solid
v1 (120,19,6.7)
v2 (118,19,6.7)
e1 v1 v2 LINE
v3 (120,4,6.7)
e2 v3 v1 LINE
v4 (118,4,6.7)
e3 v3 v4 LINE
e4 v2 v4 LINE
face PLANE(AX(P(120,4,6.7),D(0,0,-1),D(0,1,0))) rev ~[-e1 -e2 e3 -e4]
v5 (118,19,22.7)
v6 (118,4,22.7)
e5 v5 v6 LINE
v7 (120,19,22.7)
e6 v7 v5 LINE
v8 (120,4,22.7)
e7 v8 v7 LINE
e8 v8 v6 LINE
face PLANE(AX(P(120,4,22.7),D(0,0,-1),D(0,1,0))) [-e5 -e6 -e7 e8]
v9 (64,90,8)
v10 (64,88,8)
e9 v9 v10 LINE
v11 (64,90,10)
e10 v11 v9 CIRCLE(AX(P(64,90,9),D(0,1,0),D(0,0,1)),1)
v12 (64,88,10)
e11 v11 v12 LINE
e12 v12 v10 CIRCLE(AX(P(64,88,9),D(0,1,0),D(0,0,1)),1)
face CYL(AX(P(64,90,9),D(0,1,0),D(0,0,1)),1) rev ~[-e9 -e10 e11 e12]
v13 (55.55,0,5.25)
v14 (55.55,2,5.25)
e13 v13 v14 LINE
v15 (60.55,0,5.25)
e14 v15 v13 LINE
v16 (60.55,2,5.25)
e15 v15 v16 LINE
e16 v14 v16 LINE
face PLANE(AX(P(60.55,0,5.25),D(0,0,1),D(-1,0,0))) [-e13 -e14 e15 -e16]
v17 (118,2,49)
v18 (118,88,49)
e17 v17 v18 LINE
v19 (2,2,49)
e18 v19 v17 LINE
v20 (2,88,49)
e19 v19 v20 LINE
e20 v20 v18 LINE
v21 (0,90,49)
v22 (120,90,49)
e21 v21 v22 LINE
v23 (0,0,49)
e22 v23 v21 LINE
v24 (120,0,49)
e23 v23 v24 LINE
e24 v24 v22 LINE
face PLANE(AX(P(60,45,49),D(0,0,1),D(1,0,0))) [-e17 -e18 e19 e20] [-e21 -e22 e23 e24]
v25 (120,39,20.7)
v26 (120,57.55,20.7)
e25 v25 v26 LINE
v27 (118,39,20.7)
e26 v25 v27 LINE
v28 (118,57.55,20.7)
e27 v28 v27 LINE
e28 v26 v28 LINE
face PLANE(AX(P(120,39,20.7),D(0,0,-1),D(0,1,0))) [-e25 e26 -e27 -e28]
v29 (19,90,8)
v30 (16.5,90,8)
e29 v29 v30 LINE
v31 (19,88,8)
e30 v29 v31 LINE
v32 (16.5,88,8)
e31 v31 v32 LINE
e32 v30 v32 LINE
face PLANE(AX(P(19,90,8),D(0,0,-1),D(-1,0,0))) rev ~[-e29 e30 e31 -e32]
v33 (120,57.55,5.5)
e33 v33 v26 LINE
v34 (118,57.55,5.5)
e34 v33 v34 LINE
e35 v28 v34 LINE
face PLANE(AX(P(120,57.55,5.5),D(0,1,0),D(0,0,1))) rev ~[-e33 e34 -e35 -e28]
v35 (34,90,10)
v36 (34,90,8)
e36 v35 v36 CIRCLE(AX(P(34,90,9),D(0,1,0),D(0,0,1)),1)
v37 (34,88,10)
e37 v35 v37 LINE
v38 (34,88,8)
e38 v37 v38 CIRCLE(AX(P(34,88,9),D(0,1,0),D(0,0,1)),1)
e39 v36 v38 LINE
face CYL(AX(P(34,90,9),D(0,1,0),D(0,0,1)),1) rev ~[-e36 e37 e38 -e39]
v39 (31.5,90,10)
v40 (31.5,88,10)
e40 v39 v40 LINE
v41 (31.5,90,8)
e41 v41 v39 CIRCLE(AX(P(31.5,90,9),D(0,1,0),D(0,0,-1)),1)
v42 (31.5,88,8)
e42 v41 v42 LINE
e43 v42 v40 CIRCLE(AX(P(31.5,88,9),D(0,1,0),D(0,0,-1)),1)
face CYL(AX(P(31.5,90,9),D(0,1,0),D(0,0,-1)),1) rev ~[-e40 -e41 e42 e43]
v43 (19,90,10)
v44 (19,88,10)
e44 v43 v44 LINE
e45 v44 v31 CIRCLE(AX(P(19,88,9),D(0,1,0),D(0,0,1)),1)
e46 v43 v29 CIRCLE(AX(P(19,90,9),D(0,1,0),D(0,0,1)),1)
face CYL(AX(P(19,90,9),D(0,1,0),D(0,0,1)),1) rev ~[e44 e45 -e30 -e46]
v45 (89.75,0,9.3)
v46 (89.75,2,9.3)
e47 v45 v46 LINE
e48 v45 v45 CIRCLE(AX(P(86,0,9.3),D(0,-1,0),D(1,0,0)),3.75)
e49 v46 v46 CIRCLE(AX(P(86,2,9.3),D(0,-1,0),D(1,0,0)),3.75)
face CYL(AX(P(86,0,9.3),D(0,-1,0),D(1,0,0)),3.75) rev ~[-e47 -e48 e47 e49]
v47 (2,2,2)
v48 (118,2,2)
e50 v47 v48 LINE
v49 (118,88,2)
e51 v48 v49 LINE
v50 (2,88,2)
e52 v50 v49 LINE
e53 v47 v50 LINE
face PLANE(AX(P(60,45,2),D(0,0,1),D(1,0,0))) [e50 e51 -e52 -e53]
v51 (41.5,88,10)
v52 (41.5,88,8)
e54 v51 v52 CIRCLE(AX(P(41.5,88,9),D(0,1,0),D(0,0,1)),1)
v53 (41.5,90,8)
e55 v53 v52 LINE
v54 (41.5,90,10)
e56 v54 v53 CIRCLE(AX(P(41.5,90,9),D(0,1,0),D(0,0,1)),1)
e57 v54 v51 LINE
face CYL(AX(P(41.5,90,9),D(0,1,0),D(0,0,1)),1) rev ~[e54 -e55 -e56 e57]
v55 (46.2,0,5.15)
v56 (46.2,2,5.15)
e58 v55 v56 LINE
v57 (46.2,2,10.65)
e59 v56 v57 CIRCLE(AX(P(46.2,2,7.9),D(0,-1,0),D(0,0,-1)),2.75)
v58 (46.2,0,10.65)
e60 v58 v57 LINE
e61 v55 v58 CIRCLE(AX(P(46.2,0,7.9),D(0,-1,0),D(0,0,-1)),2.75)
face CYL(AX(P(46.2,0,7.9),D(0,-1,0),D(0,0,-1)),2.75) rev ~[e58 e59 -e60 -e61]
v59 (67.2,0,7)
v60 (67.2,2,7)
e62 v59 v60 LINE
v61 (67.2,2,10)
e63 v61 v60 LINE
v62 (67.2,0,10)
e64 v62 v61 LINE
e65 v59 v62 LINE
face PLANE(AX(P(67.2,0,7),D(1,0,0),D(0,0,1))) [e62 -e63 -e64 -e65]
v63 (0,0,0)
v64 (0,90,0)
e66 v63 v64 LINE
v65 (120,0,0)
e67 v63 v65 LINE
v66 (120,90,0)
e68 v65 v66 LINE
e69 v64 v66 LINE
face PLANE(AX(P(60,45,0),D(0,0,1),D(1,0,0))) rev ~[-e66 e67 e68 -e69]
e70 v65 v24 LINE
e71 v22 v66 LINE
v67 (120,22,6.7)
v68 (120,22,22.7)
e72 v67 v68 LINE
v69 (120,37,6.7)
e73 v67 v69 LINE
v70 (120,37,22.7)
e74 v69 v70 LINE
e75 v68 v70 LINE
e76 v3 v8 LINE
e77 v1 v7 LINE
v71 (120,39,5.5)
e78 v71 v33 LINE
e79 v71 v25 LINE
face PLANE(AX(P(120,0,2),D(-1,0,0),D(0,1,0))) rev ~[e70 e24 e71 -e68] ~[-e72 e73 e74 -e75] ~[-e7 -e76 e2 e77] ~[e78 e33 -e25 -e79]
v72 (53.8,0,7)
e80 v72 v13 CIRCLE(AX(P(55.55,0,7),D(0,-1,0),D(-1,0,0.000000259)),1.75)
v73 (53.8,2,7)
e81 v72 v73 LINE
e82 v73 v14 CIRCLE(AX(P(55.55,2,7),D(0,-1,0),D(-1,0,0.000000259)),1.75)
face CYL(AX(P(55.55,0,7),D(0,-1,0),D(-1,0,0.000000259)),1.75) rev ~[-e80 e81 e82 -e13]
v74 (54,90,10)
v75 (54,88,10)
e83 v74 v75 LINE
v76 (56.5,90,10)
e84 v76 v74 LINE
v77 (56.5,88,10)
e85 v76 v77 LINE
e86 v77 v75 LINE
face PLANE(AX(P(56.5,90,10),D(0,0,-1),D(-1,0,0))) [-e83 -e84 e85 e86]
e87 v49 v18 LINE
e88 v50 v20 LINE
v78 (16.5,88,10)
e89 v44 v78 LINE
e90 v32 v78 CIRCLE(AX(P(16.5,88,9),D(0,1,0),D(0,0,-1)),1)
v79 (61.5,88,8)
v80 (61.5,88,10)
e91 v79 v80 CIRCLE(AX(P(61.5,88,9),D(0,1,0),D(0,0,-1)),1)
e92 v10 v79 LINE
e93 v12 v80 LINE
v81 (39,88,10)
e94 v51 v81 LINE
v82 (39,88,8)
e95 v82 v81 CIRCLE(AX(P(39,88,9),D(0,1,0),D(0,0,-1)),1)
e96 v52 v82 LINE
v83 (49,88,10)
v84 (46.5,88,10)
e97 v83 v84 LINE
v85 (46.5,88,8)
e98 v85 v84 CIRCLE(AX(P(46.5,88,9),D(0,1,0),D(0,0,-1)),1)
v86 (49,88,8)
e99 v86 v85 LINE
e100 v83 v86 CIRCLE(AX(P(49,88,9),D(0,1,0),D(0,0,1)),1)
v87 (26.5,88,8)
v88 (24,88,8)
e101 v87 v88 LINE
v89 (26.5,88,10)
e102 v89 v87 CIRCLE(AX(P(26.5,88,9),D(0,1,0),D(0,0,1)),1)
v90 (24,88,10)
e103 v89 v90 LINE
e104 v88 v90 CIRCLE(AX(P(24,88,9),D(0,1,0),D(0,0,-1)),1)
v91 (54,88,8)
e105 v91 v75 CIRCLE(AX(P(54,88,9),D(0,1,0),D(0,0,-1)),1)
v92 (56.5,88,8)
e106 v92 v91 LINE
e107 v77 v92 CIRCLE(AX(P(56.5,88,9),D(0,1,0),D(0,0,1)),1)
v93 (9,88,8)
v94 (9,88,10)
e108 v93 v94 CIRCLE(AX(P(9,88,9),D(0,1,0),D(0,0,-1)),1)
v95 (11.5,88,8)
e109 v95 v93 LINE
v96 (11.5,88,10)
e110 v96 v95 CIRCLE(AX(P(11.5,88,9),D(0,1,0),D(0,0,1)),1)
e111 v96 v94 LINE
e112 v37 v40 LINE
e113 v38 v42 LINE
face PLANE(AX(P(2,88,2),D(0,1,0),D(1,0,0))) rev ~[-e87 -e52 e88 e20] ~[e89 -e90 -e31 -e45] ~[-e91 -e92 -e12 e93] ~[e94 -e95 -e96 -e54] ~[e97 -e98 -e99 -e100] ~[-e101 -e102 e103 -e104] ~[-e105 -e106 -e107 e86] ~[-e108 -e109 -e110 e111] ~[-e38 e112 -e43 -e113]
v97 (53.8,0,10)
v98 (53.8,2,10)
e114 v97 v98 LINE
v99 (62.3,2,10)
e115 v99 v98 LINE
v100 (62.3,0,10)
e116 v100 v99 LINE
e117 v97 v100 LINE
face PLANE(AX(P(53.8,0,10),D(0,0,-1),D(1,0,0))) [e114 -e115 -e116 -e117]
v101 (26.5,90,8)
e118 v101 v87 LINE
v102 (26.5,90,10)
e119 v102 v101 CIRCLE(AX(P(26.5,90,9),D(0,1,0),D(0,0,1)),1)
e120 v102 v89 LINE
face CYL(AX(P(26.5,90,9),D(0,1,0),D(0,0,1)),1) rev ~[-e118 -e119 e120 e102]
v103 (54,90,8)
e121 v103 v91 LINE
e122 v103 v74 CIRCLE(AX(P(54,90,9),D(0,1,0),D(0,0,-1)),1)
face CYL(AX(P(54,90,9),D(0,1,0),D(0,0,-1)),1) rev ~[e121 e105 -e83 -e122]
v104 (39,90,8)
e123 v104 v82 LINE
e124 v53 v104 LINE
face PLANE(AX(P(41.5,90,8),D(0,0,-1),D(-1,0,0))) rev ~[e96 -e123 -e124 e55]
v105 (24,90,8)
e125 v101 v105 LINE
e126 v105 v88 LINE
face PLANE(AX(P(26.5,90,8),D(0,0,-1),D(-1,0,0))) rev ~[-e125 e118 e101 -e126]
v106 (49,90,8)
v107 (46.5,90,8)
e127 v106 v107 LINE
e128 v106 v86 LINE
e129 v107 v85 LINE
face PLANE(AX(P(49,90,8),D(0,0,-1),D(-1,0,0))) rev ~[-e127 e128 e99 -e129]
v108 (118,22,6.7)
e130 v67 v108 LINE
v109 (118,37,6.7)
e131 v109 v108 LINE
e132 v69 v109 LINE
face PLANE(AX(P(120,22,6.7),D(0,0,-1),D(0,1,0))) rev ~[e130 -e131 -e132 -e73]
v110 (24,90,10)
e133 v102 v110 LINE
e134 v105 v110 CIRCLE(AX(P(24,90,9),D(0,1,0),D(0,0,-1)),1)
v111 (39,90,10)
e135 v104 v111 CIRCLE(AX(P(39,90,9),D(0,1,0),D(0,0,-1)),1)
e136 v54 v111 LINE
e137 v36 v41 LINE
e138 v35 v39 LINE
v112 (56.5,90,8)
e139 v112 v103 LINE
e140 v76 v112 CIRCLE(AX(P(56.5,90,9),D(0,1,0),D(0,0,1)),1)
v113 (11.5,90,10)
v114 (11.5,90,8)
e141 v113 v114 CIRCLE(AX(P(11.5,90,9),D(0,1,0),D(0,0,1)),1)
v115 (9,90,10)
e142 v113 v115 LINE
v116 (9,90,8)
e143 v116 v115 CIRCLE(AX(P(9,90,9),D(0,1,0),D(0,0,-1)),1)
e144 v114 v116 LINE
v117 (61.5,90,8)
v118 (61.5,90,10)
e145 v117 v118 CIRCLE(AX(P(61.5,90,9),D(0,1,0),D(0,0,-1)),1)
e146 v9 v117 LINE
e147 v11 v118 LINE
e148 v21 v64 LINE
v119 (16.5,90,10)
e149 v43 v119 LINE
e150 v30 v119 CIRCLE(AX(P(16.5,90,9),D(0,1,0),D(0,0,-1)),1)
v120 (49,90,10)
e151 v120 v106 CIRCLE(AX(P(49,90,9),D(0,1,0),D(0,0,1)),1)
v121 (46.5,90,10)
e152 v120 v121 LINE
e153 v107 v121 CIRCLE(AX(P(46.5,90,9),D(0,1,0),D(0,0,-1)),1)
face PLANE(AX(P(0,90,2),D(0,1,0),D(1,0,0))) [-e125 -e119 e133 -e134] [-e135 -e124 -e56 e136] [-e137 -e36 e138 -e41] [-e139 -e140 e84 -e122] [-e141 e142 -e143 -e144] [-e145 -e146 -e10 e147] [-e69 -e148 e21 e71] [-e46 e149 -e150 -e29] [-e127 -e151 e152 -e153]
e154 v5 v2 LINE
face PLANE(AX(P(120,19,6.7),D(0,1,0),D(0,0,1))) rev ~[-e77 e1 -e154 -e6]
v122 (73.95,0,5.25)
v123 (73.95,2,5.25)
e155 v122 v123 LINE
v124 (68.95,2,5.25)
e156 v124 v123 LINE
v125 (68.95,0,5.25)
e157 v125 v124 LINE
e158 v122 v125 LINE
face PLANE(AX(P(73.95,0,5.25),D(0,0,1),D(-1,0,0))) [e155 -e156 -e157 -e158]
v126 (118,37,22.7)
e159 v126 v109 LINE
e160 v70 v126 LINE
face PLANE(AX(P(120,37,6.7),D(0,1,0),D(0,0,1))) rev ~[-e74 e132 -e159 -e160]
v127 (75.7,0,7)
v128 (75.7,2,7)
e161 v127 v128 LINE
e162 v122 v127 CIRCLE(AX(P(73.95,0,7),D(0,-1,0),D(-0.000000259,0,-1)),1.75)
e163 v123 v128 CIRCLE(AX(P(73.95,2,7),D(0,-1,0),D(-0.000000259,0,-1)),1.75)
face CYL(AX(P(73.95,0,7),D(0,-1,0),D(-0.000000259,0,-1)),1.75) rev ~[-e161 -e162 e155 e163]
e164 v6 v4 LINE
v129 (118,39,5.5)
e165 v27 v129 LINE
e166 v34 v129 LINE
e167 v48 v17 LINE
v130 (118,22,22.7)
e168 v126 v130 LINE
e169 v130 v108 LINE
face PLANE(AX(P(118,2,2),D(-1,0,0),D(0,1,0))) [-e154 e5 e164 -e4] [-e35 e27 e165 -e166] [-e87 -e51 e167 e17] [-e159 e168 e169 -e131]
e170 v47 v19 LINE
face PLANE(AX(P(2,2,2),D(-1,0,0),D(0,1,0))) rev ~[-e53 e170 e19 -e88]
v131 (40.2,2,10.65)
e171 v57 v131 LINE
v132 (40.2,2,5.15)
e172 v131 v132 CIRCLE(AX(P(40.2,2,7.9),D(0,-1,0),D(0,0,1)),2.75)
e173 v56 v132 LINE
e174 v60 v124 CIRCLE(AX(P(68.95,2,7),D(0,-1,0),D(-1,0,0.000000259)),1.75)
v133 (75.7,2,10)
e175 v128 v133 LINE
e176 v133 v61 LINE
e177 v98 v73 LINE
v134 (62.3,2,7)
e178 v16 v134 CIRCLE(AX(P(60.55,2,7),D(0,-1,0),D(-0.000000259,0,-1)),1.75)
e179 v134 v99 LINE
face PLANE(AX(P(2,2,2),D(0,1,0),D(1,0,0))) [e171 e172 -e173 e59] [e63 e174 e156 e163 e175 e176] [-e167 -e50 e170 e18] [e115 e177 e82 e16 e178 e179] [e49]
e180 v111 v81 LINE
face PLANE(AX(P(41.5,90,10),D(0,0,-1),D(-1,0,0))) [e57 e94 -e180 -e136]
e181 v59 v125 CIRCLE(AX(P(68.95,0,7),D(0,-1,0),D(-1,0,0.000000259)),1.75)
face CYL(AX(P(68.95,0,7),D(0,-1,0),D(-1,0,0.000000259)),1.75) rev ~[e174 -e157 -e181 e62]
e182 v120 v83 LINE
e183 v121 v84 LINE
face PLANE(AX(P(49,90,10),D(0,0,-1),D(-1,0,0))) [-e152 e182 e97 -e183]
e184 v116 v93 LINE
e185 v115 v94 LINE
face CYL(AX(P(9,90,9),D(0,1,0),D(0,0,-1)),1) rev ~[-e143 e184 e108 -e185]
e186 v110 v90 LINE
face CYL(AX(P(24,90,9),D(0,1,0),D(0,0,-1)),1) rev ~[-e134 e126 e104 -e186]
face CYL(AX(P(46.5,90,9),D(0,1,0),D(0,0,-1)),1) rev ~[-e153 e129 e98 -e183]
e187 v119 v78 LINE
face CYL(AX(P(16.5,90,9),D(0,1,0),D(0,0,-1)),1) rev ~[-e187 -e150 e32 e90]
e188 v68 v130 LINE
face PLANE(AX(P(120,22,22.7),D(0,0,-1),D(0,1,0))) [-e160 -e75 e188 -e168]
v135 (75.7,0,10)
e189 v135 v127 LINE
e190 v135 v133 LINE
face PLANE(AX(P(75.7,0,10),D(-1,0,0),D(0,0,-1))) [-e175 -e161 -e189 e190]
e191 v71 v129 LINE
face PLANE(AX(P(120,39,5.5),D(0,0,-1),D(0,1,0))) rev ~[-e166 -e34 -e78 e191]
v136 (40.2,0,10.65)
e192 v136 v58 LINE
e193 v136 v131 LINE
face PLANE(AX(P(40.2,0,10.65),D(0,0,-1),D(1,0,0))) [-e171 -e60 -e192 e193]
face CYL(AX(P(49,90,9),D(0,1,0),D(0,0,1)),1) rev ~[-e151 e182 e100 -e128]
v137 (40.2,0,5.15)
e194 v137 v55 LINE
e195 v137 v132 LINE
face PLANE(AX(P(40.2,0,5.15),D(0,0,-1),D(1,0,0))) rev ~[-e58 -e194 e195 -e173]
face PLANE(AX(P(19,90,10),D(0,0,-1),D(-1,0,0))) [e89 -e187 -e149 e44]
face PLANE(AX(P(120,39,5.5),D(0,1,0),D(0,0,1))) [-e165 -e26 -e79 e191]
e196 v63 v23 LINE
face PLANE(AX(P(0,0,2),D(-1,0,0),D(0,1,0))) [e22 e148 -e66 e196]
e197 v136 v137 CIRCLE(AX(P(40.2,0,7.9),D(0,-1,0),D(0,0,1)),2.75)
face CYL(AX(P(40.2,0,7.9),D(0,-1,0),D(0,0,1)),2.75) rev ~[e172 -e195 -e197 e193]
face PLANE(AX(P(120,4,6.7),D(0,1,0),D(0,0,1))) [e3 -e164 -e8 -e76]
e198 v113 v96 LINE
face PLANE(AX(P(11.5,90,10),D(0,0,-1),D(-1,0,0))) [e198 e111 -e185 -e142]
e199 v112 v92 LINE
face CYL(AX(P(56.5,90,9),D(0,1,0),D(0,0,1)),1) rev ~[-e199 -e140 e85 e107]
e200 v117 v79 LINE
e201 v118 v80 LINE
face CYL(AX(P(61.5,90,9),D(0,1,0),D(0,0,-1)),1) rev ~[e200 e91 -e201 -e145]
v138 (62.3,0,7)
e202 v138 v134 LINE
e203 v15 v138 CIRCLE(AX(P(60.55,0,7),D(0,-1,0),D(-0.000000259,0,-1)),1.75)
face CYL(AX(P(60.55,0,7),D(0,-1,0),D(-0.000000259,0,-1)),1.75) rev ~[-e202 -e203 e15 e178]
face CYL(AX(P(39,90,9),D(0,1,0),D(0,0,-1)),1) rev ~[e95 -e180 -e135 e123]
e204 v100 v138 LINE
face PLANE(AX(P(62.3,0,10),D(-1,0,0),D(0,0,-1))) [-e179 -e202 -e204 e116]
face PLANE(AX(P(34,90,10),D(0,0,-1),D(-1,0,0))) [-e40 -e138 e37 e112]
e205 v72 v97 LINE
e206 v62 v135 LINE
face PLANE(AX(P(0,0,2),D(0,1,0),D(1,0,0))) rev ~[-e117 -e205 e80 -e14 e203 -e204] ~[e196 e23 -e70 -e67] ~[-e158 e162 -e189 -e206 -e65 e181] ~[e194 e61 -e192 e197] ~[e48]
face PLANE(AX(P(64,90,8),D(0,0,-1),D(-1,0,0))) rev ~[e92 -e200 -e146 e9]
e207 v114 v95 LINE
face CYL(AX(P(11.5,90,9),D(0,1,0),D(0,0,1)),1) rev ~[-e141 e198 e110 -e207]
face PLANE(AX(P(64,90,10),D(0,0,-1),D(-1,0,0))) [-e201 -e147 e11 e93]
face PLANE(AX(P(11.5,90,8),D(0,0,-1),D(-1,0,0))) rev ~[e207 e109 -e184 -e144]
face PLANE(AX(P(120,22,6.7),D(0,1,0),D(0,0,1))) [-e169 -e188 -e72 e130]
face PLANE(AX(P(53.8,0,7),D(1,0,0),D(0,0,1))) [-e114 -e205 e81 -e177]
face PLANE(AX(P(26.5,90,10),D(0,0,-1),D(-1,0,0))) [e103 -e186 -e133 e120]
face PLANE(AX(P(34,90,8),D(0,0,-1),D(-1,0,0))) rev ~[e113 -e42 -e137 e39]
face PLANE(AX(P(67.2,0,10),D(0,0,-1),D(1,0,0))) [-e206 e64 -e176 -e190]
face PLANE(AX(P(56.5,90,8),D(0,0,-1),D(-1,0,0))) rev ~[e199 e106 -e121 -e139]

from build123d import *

# Parameters (mm, degrees)
SKETCH001_W     = 120
SKETCH001_H     = 90
PAD_DEPTH       = 2
SKETCH_W        = 120
SKETCH_H        = 90
SKETCH_W_2      = 116
SKETCH_H_2      = 86
PAD001_DEPTH    = 47
SKETCH002_W     = 15
SKETCH002_H     = 16
SKETCH002_W_2   = 18.55
SKETCH002_H_2   = 15.2
POCKET_DEPTH    = 5
SKETCH003_R     = 3.75
POCKET001_DEPTH = 5
POCKET002_DEPTH = 5


with BuildPart() as part:
    # Sketch001 → Pad (new body)
    with BuildSketch(Plane.XY):
        with Locations((60, 45)):
            Rectangle(SKETCH001_W, SKETCH001_H)
    extrude(amount=PAD_DEPTH)

    # Sketch (on Face6 of Pad) → Pad001 (join)
    with BuildSketch(Plane.XY.offset(2)):
        with Locations((60, 45)):
            Rectangle(SKETCH_W, SKETCH_H)
        with Locations((60, 45)):
            Rectangle(SKETCH_W_2, SKETCH_H_2, mode=Mode.SUBTRACT)
    extrude(amount=PAD001_DEPTH)

    # Sketch002 (on Face8 of Pad001) → Pocket (cut)
    with BuildSketch(Plane.YZ.offset(120)):
        with Locations((11.5, 14.7)):
            Rectangle(SKETCH002_W, SKETCH002_H)
        with Locations((29.5, 14.7)):
            Rectangle(SKETCH002_W, SKETCH002_H)
        with Locations((48.275, 13.1)):
            Rectangle(SKETCH002_W_2, SKETCH002_H_2)
    extrude(amount=-POCKET_DEPTH, mode=Mode.SUBTRACT)

    # Sketch003 (on Face5 of Pocket) → Pocket001 (cut)
    with BuildSketch(Plane.XZ):
        with Locations((86, 9.3)):
            Circle(SKETCH003_R)
        with BuildLine():
            ThreePointArc((40.2, 10.65), (37.45, 7.9), (40.2, 5.15))
            Line((40.2, 5.15), (46.2, 5.15))
            ThreePointArc((46.2, 5.15), (48.95, 7.9), (46.2, 10.65))
            Line((40.2, 10.65), (46.2, 10.65))
        make_face()
        with BuildLine():
            Line((53.8, 10), (62.3, 10))
            Line((62.3, 10), (62.3, 7))
            ThreePointArc((60.55, 5.25), (61.787437, 5.762563), (62.3, 7))
            Line((60.55, 5.25), (55.55, 5.25))
            ThreePointArc((53.8, 7), (54.312563, 5.762563), (55.55, 5.25))
            Line((53.8, 7), (53.8, 10))
        make_face()
        with BuildLine():
            Line((67.2, 10), (75.7, 10))
            Line((75.7, 10), (75.7, 7))
            ThreePointArc((73.95, 5.25), (75.187437, 5.762563), (75.7, 7))
            Line((73.95, 5.25), (68.95, 5.25))
            ThreePointArc((67.2, 7), (67.712563, 5.762563), (68.95, 5.25))
            Line((67.2, 7), (67.2, 10))
        make_face()
    extrude(amount=-POCKET001_DEPTH, mode=Mode.SUBTRACT)

    # Sketch007 (on Face27 of Pocket001) → Pocket002 (cut)
    with BuildSketch(Plane(origin=(0, 90, 0), x_dir=(-1, 0, 0), z_dir=(0, 1, 0))):
        with BuildLine():
            ThreePointArc((-64, 10), (-65, 9), (-64, 8))
            Line((-64, 8), (-61.5, 8))
            ThreePointArc((-61.5, 8), (-60.5, 9), (-61.5, 10))
            Line((-64, 10), (-61.5, 10))
        make_face()
        with BuildLine():
            ThreePointArc((-56.5, 10), (-57.5, 9), (-56.5, 8))
            Line((-56.5, 8), (-54, 8))
            ThreePointArc((-54, 8), (-53, 9), (-54, 10))
            Line((-56.5, 10), (-54, 10))
        make_face()
        with BuildLine():
            ThreePointArc((-49, 10), (-50, 9), (-49, 8))
            Line((-49, 8), (-46.5, 8))
            ThreePointArc((-46.5, 8), (-45.5, 9), (-46.5, 10))
            Line((-49, 10), (-46.5, 10))
        make_face()
        with BuildLine():
            ThreePointArc((-41.5, 10), (-42.5, 9), (-41.5, 8))
            Line((-41.5, 8), (-39, 8))
            ThreePointArc((-39, 8), (-38, 9), (-39, 10))
            Line((-41.5, 10), (-39, 10))
        make_face()
        with BuildLine():
            ThreePointArc((-34, 10), (-35, 9), (-34, 8))
            Line((-34, 8), (-31.5, 8))
            ThreePointArc((-31.5, 8), (-30.5, 9), (-31.5, 10))
            Line((-34, 10), (-31.5, 10))
        make_face()
        with BuildLine():
            ThreePointArc((-26.5, 10), (-27.5, 9), (-26.5, 8))
            Line((-26.5, 8), (-24, 8))
            ThreePointArc((-24, 8), (-23, 9), (-24, 10))
            Line((-26.5, 10), (-24, 10))
        make_face()
        with BuildLine():
            ThreePointArc((-19, 10), (-20, 9), (-19, 8))
            Line((-19, 8), (-16.5, 8))
            ThreePointArc((-16.5, 8), (-15.5, 9), (-16.5, 10))
            Line((-19, 10), (-16.5, 10))
        make_face()
        with BuildLine():
            ThreePointArc((-11.5, 10), (-12.5, 9), (-11.5, 8))
            Line((-11.5, 8), (-9, 8))
            ThreePointArc((-9, 8), (-8, 9), (-9, 10))
            Line((-11.5, 10), (-9, 10))
        make_face()
    extrude(amount=-POCKET002_DEPTH, mode=Mode.SUBTRACT)


solid = part.part
